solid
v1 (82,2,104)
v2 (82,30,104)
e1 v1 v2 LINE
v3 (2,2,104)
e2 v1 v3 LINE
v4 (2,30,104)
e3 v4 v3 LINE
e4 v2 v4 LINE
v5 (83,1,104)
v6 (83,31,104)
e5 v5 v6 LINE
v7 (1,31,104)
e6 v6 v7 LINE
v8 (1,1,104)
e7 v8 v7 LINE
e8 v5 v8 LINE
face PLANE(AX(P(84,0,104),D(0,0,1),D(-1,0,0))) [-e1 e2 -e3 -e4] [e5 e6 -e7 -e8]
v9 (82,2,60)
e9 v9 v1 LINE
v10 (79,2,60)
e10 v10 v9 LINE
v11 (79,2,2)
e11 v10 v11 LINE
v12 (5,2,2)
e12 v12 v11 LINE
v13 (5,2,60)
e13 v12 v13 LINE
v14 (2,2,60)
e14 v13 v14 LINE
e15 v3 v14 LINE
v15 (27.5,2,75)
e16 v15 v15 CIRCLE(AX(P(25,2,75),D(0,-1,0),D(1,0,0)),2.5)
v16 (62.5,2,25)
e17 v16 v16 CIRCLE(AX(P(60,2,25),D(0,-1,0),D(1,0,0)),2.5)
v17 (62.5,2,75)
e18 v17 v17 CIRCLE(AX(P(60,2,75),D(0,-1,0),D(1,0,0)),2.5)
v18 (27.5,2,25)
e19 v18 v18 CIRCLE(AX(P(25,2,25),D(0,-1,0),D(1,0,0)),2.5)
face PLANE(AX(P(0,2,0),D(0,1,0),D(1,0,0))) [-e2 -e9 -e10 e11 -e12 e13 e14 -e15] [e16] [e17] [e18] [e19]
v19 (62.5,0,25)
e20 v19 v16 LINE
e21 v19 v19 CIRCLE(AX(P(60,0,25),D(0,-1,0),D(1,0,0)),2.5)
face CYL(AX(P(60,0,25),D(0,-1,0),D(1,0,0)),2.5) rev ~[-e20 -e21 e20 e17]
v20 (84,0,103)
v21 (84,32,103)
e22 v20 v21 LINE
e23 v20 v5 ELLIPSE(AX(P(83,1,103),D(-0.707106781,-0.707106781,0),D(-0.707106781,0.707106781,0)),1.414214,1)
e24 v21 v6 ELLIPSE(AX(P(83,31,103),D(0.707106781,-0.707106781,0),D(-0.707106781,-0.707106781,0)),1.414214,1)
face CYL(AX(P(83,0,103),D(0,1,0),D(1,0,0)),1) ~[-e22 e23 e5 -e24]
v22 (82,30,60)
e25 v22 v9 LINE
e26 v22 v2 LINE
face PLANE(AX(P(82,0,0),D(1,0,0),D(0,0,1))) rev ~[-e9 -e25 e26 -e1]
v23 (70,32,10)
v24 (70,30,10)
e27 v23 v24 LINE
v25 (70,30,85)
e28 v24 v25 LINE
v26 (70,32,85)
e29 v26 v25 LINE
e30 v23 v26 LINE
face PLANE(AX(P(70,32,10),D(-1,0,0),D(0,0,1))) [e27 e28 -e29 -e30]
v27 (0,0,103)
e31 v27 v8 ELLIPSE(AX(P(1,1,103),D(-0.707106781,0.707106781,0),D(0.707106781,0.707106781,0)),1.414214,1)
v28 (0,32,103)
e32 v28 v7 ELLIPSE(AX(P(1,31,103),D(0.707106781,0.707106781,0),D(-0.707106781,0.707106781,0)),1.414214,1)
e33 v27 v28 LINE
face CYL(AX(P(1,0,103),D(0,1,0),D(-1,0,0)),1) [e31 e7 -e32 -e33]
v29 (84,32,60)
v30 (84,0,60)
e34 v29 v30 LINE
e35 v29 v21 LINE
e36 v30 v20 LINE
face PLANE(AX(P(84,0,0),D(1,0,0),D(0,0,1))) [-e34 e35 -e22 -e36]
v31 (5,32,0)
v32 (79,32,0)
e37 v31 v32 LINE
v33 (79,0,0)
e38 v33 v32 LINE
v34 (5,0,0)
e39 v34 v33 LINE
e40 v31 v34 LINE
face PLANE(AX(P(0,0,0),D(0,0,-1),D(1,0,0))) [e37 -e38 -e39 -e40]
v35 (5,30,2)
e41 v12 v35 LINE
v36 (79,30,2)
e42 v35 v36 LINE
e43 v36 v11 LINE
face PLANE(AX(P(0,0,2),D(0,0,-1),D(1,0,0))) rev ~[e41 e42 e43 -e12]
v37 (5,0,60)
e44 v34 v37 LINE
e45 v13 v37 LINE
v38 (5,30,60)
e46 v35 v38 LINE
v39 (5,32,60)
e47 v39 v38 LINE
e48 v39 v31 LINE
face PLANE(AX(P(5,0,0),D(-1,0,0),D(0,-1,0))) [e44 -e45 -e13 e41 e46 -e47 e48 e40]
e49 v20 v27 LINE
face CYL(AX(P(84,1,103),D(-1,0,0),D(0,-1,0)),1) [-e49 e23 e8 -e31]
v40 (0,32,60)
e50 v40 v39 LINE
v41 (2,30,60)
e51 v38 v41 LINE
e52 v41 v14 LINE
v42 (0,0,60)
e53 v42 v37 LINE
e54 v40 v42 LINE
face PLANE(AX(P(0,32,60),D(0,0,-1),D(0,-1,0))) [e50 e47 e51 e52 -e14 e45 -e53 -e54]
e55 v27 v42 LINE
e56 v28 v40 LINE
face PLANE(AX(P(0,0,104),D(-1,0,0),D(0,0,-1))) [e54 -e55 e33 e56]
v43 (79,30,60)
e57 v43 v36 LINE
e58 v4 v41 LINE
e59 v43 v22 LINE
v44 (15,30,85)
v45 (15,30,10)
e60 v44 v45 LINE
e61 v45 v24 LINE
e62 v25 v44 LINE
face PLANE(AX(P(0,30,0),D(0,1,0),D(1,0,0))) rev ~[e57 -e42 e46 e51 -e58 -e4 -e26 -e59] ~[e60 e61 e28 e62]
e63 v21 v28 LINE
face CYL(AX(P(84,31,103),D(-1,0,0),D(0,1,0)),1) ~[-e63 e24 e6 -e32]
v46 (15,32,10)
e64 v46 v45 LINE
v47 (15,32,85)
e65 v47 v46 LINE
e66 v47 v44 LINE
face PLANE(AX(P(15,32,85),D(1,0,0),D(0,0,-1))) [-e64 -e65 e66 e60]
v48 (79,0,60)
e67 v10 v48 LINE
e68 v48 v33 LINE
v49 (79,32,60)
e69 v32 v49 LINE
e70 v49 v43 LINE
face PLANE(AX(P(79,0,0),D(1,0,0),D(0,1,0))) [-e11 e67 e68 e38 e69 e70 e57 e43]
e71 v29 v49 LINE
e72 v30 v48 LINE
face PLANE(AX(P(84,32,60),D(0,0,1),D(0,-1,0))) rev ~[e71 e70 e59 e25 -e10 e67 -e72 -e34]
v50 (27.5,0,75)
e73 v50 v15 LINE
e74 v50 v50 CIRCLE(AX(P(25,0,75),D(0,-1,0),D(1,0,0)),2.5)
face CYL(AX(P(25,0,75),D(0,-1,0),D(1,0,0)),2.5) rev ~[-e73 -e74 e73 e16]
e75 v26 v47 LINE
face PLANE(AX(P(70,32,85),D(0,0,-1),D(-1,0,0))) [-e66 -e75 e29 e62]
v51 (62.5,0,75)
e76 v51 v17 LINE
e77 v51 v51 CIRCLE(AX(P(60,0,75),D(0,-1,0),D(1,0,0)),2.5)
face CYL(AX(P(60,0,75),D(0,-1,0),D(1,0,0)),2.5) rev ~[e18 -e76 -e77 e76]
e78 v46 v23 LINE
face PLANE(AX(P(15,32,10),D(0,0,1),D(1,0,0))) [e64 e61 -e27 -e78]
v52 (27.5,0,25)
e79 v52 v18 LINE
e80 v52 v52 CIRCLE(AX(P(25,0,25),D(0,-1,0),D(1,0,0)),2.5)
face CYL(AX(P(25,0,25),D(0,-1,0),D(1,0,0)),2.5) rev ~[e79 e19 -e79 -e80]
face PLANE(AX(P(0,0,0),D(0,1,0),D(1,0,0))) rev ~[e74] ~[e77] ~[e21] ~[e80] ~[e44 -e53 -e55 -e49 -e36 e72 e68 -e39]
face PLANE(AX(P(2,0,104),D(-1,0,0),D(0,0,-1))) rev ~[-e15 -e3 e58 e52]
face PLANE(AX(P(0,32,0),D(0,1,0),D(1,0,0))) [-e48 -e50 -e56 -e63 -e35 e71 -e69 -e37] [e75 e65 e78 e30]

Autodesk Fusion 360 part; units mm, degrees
sketch "Sketch1" plane through (0, 0, 0) normal (0, 1, 0) x (1, 0, 0) in component "Case"
  line L0 (0, 0) -> (84, 0)
  line L1 (84, 0) -> (84, -104)
  line L2 (84, -104) -> (0, -104)
  line L3 (0, -104) -> (0, 0)
  dimension "d1" = 84
  dimension "d2" = 104
extrude "Extrude1" add sketch "Sketch1" along normal blind 32 in component "Case"
shell "Shell1" thickness 2 removed faces 1 at (56, 10.6667, 104) in component "Case"
fillet "Fillet1" radius 1 4 edges at (0, 16, 104) (42, 32, 104) (84, 16, 104) (42, 0, 104) in component "Case"
sketch "Sketch2" plane through (84, 0, 0) normal (1, 0, 0) x (0, 1, 0) in component "Case"
  line L0 (32, 103) -> (0, 103)
  line L1 (0, 103) -> (0, 0)
  line L2 (0, 0) -> (32, 0)
  line L3 (32, 0) -> (32, 103)
  line L4 (0, 0) -> (32, 0)
  line L5 (32, 0) -> (32, 60)
  line L6 (32, 60) -> (0, 60)
  line L7 (0, 60) -> (0, 0)
  dimension "d8" = 60
extrude "Extrude2" cut sketch "Sketch2" against normal blind 5 contours L1 L2 L3 L4 L5 L6 L7 in component "Case"
sketch "Sketch3" plane through (0, 0, 0) normal (-1, 0, 0) x (0, -1, 0) in component "Case"
  line L0 (0, 103) -> (-32, 103)
  line L1 (-32, 103) -> (-32, 0)
  line L2 (-32, 0) -> (0, 0)
  line L3 (0, 0) -> (0, 103)
  line L4 (0, 0) -> (-32, 0)
  line L5 (-32, 0) -> (-32, 60)
  line L6 (-32, 60) -> (0, 60)
  line L7 (0, 60) -> (0, 0)
  dimension "d11" = 60
extrude "Extrude3" cut sketch "Sketch3" against normal blind 5 contours L1 L2 L3 L4 L5 L6 L7 in component "Case"
sketch "Sketch4" plane through (0, 32, 0) normal (0, 1, 0) x (-1, 0, 0) in component "Case"
  line L0 (-5, 60) -> (0, 60)
  line L1 (0, 60) -> (0, 103)
  line L2 (0, 103) -> (-84, 103)
  line L3 (-84, 103) -> (-84, 60)
  line L4 (-84, 60) -> (-79, 60)
  line L5 (-79, 60) -> (-79, 0)
  line L6 (-79, 0) -> (-5, 0)
  line L7 (-5, 0) -> (-5, 60)
  line L8 (-70, 85) -> (-15, 85)
  line L9 (-15, 85) -> (-15, 10)
  line L10 (-15, 10) -> (-70, 10)
  line L11 (-70, 10) -> (-70, 85)
  line L12 (-70, 85) -> (-15, 85)
  line L13 (-15, 85) -> (-15, 10)
  line L14 (-15, 10) -> (-70, 10)
  line L15 (-70, 10) -> (-70, 85)
extrude "Extrude4" cut sketch "Sketch4" against normal blind 5 contours L8 L9 L10 L11 L12 L13 L14 L15 in component "Case"
sketch "Sketch5" plane through (0, 0, 0) normal (0, -1, 0) x (1, 0, 0) in component "Case"
  line L0 (0, 60) -> (5, 60)
  line L1 (5, 60) -> (5, 0)
  line L2 (5, 0) -> (79, 0)
  line L3 (79, 0) -> (79, 60)
  line L4 (79, 60) -> (84, 60)
  line L5 (84, 60) -> (84, 103)
  line L6 (84, 103) -> (0, 103)
  line L7 (0, 103) -> (0, 60)
  circle A0 centre (25, 75) radius 2.5
  circle A1 centre (60, 75) radius 2.5
  dimension "d16" = 5
  dimension "d17" = 5
extrude "Extrude5" cut sketch "Sketch5" against normal blind 5 contours A0 | A1 in component "Case"
sketch "Sketch6" plane through (0, 0, 0) normal (0, -1, 0) x (1, 0, 0) in component "Case"
  circle A0 centre (25, 75) radius 2.5
  circle A1 centre (60, 75) radius 2.5
  line L0 (0, 60) -> (5, 60)
  line L1 (5, 60) -> (5, 0)
  line L2 (5, 0) -> (79, 0)
  line L3 (79, 0) -> (79, 60)
  line L4 (79, 60) -> (84, 60)
  line L5 (84, 60) -> (84, 103)
  line L6 (84, 103) -> (0, 103)
  line L7 (0, 103) -> (0, 60)
  circle A2 centre (25, 25) radius 2.5
  circle A3 centre (60, 25) radius 2.5
extrude "Extrude6" cut sketch "Sketch6" against normal blind 5 contours A2 | A3 in component "Case"
component "Case" placed x (1, 0, 0) y (0, 1, 0) z (0, 0, 1) at (0, 0, 0)
